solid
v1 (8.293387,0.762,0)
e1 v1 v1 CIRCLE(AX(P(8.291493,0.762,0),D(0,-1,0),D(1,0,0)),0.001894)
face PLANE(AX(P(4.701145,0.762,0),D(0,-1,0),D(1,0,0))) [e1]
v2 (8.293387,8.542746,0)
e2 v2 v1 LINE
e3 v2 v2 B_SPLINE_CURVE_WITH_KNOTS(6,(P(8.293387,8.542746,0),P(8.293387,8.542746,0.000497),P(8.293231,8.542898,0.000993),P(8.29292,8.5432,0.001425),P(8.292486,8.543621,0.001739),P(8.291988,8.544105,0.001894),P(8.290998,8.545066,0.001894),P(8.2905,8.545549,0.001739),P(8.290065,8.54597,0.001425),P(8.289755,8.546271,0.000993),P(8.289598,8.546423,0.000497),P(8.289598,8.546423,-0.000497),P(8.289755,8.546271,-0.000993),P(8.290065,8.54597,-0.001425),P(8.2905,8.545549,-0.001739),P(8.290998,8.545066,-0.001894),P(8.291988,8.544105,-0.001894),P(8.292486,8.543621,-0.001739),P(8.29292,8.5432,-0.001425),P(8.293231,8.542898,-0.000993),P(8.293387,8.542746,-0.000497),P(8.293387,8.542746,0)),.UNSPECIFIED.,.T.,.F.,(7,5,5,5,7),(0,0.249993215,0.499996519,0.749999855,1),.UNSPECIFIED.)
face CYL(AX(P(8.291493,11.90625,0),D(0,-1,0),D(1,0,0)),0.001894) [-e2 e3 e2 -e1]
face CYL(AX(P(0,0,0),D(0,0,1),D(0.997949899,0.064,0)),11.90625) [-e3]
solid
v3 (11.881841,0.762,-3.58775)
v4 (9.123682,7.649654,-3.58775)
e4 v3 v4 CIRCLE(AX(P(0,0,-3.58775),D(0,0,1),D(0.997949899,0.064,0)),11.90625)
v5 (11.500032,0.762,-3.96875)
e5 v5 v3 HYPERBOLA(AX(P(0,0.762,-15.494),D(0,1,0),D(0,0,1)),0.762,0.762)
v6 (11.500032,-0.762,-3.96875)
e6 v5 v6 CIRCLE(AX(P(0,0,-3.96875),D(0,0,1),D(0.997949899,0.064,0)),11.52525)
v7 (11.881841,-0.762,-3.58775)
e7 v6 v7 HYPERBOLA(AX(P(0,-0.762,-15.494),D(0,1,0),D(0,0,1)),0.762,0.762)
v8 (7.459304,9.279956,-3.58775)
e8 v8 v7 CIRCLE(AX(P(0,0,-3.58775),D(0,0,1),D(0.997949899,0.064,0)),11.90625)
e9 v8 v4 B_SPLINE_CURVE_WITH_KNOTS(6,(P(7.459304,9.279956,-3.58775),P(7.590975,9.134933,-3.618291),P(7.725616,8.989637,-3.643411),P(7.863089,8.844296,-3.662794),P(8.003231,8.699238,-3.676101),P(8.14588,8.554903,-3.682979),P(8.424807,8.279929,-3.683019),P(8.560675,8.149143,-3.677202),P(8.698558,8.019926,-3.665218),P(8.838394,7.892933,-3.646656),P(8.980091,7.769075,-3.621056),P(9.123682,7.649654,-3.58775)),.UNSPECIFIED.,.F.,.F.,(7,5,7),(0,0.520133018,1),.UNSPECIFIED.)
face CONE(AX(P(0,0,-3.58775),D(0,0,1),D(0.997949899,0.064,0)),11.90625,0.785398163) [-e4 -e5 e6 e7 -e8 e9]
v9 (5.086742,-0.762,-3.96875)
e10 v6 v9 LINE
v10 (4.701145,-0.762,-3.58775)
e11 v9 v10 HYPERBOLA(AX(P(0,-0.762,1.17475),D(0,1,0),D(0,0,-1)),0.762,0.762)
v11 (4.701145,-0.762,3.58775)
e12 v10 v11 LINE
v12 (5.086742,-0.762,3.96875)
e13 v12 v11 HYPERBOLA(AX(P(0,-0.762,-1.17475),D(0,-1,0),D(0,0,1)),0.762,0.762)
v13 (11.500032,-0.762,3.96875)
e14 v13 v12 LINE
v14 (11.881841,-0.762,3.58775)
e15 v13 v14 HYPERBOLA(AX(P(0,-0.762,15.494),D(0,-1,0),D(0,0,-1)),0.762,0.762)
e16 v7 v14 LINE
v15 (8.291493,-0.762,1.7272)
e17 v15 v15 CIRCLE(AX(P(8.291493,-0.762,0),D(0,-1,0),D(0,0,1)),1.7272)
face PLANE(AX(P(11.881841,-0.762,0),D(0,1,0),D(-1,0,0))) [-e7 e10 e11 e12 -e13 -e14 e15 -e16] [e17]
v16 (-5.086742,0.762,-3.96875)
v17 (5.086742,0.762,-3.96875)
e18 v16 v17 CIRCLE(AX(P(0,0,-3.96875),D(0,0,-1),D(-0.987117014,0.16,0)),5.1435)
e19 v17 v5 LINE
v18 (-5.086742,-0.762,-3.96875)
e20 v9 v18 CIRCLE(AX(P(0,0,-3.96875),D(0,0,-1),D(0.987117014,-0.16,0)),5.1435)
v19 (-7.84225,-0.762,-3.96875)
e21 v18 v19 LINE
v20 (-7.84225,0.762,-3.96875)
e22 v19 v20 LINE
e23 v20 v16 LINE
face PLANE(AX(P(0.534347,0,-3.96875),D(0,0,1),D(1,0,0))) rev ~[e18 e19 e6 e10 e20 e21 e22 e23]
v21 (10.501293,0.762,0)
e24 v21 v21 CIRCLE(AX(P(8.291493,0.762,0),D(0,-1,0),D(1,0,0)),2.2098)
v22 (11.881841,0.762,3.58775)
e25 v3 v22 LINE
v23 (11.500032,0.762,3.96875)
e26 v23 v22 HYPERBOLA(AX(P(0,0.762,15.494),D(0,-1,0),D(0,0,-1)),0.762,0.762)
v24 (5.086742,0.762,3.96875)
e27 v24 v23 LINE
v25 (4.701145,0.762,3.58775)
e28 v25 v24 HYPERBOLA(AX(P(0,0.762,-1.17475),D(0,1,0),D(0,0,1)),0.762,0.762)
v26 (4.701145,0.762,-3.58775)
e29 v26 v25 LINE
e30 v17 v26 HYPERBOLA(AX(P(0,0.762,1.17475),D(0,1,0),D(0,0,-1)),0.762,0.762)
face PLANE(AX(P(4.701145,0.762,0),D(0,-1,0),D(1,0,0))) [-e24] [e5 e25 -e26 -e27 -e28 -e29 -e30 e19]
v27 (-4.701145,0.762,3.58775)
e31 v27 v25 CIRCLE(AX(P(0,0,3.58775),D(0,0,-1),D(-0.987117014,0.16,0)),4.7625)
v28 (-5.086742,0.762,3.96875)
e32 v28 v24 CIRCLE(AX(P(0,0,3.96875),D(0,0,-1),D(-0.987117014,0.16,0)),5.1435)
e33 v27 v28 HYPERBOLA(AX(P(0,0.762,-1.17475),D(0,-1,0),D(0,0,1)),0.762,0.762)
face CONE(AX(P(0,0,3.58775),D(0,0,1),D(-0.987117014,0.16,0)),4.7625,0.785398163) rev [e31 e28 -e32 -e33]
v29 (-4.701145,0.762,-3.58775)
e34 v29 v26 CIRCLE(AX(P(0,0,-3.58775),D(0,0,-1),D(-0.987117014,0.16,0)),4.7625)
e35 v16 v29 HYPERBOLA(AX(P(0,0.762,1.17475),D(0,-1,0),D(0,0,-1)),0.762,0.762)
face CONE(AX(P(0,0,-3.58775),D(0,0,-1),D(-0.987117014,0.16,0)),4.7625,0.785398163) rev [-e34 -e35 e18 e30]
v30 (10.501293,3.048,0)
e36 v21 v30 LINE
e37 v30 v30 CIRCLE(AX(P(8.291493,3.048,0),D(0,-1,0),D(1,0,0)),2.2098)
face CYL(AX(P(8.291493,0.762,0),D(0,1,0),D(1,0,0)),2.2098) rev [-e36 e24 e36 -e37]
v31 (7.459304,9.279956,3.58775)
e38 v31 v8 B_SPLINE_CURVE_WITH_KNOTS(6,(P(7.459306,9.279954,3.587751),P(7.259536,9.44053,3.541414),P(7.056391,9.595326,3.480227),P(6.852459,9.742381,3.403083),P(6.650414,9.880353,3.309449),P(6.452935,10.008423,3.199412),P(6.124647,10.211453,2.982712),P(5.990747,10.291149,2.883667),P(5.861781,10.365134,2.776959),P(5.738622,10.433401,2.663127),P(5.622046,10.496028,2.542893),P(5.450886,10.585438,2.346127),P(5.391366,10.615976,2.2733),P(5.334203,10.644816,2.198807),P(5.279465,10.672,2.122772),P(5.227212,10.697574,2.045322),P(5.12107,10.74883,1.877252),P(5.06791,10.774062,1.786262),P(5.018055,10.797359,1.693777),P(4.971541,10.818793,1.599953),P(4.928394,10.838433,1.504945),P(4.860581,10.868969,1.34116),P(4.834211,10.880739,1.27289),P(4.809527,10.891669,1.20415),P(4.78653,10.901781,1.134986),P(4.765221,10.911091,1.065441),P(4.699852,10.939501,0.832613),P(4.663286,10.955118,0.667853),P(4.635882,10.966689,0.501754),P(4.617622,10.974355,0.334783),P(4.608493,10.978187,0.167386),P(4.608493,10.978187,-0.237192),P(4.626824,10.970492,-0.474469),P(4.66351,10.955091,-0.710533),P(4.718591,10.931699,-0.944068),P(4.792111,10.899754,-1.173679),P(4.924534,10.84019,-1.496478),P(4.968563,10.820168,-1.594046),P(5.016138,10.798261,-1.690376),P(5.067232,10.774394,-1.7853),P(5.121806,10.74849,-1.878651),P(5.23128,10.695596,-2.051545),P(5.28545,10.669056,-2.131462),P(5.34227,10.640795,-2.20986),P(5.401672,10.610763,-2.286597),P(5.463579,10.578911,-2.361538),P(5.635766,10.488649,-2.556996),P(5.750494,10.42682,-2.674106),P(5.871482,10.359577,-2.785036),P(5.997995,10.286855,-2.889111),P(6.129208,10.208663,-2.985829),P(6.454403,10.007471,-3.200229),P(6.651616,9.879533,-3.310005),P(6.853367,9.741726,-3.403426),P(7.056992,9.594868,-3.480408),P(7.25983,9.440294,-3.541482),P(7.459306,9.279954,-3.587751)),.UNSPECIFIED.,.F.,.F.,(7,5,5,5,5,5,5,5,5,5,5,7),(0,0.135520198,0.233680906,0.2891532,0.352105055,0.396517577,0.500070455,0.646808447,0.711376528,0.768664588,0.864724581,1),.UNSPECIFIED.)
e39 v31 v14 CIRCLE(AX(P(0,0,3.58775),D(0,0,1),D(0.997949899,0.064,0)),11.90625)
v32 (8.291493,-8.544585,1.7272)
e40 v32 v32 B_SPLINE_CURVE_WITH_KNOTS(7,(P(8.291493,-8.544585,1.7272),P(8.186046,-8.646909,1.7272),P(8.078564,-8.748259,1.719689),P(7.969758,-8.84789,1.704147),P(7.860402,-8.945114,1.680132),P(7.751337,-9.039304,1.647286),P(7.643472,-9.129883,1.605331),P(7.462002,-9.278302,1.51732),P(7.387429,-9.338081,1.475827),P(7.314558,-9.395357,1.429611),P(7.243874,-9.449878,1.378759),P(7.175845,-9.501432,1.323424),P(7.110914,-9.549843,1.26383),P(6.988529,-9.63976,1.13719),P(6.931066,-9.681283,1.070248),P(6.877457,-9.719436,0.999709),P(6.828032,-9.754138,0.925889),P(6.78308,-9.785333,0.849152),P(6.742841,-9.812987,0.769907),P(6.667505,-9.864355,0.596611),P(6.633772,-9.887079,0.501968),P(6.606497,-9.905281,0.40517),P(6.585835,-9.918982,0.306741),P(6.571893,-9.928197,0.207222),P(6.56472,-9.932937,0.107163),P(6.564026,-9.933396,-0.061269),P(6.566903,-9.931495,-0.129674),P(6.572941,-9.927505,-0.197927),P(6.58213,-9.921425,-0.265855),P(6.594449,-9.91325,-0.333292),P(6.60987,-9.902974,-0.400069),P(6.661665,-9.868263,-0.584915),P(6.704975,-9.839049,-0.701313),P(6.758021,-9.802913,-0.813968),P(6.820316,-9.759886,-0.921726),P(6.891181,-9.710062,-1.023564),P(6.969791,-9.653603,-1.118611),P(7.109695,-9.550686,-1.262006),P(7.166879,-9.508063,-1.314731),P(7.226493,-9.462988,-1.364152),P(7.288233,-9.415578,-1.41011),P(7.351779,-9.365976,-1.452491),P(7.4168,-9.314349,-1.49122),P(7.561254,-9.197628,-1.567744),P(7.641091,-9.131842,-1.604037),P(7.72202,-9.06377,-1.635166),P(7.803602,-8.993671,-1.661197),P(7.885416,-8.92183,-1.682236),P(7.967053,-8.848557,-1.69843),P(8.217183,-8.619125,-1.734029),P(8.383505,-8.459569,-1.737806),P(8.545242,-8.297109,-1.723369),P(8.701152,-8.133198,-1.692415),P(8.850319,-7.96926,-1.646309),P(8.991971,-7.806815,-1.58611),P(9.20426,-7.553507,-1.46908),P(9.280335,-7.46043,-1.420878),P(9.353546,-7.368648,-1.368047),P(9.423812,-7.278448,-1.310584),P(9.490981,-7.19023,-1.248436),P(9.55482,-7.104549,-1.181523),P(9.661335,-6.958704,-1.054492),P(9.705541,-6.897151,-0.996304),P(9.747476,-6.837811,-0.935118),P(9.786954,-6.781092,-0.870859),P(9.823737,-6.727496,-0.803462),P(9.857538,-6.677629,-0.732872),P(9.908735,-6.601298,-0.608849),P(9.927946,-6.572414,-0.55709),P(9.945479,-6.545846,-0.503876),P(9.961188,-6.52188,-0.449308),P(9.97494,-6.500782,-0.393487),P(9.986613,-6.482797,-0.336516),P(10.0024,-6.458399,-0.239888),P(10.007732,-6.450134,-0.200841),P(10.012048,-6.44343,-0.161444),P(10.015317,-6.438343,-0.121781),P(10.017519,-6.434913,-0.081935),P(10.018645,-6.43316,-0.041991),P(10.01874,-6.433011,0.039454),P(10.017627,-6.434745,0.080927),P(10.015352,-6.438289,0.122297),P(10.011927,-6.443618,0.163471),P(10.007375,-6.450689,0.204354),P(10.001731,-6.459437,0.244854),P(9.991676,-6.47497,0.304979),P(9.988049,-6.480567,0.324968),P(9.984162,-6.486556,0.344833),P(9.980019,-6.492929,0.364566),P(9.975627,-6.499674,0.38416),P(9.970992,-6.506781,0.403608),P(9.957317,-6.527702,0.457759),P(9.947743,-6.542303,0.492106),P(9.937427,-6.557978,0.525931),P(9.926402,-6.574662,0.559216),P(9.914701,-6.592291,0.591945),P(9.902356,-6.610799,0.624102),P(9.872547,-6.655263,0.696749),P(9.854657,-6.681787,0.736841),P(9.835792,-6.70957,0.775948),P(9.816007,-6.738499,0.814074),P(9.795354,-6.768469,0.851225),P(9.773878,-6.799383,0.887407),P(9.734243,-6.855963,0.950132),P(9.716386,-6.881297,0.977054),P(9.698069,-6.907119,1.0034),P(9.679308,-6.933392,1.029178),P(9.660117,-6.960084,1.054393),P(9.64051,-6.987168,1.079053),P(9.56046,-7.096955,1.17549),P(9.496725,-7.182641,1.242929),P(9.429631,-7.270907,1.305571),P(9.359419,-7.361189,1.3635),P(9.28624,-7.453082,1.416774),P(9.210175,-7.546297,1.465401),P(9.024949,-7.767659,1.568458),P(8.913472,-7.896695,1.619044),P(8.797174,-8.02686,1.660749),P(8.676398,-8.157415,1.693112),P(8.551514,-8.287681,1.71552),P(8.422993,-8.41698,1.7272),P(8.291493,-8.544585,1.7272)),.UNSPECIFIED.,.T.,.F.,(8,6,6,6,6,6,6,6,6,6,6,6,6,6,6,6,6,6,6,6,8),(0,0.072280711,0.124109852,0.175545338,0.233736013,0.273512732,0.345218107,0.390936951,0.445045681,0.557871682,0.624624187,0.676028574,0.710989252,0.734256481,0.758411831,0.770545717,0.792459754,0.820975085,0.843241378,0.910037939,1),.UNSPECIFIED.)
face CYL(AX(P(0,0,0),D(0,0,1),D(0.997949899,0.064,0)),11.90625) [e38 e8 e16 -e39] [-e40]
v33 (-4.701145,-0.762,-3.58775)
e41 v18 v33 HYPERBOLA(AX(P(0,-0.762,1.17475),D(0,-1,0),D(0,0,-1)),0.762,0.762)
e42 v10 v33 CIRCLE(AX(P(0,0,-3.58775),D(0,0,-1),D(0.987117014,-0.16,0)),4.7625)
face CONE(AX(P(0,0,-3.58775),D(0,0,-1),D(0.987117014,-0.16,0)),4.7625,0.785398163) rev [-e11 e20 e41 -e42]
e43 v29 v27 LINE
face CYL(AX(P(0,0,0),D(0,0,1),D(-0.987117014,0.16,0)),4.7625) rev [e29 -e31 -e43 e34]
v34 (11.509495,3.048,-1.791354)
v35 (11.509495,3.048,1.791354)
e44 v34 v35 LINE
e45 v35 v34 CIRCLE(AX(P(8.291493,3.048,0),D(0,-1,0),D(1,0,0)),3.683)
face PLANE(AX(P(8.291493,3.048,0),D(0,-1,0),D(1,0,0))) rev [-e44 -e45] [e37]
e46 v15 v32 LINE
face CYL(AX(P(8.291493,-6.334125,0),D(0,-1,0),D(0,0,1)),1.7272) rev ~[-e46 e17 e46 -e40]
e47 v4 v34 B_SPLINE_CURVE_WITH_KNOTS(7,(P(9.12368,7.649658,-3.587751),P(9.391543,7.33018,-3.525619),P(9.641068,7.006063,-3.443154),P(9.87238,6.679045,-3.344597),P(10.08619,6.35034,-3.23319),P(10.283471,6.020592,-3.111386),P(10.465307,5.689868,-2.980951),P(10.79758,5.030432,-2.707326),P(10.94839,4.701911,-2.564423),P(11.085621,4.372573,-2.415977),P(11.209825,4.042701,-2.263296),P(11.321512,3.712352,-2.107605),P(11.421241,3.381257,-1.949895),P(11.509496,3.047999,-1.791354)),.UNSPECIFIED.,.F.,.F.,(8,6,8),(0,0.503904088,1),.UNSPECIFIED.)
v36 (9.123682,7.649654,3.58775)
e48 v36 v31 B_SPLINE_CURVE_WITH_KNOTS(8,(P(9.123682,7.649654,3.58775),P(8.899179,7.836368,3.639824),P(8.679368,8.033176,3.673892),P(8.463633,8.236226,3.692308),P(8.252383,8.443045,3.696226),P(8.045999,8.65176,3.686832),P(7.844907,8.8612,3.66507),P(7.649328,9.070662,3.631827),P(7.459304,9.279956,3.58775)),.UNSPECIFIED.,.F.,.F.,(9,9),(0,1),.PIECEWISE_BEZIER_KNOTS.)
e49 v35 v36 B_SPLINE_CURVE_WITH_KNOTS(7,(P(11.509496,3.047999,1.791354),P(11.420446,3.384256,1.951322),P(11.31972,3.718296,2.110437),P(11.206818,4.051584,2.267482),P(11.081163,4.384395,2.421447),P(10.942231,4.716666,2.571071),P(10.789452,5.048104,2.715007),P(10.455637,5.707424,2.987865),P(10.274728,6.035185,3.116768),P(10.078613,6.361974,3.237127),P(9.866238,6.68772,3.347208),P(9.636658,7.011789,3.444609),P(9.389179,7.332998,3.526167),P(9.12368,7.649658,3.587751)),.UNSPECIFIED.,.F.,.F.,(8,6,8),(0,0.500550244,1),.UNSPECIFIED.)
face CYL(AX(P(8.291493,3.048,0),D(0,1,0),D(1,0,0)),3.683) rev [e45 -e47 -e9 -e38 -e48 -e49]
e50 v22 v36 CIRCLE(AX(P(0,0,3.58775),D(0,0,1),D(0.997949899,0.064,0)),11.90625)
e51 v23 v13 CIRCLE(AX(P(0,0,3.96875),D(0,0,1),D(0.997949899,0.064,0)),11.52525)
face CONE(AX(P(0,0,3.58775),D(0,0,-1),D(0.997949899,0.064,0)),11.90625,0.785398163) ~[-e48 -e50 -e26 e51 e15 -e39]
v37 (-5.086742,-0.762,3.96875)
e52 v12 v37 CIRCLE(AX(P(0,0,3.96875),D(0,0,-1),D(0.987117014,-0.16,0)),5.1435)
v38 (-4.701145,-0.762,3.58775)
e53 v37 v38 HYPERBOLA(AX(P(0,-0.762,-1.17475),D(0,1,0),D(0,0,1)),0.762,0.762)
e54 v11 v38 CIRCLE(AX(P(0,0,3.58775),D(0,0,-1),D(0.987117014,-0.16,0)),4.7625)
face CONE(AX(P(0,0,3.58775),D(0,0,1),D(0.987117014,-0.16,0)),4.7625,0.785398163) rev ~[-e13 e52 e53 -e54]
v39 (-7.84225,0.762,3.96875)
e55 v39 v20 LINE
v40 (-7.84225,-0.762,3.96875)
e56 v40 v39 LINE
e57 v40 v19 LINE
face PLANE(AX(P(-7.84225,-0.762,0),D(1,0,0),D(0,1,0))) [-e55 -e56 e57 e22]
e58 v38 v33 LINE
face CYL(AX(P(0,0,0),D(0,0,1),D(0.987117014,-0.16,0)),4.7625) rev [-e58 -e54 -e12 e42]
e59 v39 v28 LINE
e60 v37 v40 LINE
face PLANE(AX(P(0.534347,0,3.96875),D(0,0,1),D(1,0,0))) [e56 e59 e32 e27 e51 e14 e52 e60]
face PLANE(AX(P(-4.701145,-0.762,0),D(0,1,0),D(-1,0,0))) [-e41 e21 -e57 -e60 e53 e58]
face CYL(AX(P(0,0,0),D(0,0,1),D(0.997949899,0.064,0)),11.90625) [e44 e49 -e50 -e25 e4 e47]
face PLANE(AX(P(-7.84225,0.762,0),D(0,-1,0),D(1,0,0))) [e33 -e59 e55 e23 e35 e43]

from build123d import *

# Parameters (mm, degrees)
BOSS_EXTRUDE1_DEPTH = 3.96875
SKETCH4_W           = 1.7272
SKETCH4_H           = 11.14425
CHAMFER1_SIZE       = 0.381


with BuildPart() as part:
    # Sketch1 → Boss-Extrude1 (new, symmetric)
    with BuildSketch(Plane.XY):
        with BuildLine():
            Line((-7.84225, 0.762), (-4.701144781, 0.762))
            ThreePointArc((-4.701144781, 0.762), (0, 4.7625), (4.701144781, 0.762))
            Line((4.701144781, 0.762), (11.88184098, 0.762))
            ThreePointArc((11.88184098, 0.762), (-11.90625, 0), (11.88184098, -0.762))
            Line((11.88184098, -0.762), (4.701144781, -0.762))
            ThreePointArc((4.701144781, -0.762), (0, -4.7625), (-4.701144781, -0.762))
            Line((-4.701144781, -0.762), (-7.84225, -0.762))
            Line((-7.84225, -0.762), (-7.84225, 0.762))
        make_face()
    extrude(amount=BOSS_EXTRUDE1_DEPTH, both=True)

    # Sketch4 → #8-32 Tapped Hole1 (revolve, cut)
    with BuildSketch(Plane(origin=(8.29149288, -0.762, 0), x_dir=(0, 0, 1), z_dir=(1, 0, 0))):
        with Locations((0.8636, 5.572125)):
            Rectangle(SKETCH4_W, SKETCH4_H)
    revolve(axis=Axis((8.29149288, 5.588, 0), (0, -1, 0)), mode=Mode.SUBTRACT)

    # Chamfer1
    chamfer1_edges = [part.edges().sort_by_distance(p)[0] for p in [
        (-11.90625, 0, -3.96875),
        (0, -4.7625, -3.96875),
        (0, 4.7625, -3.96875),
        (-11.90625, 0, 3.96875),
        (0, -4.7625, 3.96875),
        (0, 4.7625, 3.96875),
    ]]
    chamfer(chamfer1_edges, length=CHAMFER1_SIZE)

    # Sketch10 → Cut-Revolve1 (revolve, cut)
    with BuildSketch(Plane.XY):
        Polygon((8.293387365, 0.762), (10.50129288, 0.762), (10.50129288, 3.048), (11.97449288, 3.048), (11.97449288, 11.90625), (8.293387365, 11.90625), align=None)
    revolve(axis=Axis((8.29149288, -0.762, 0), (0, -1, 0)), mode=Mode.SUBTRACT)


with BuildPart() as cut_revolve1_piece_1:
    # of the separate pieces the step leaves, piece 1, a body of its own (cut_revolve1_pieces)
    add(part.part.solids().sort_by_distance((-5.086742401, -0.762, -3.96875))[0])


with BuildPart() as cut_revolve1_piece_2:
    # of the separate pieces the step leaves, piece 2, a body of its own (cut_revolve1_pieces)
    add(part.part.solids().sort_by_distance((8.293387365, 0.762, 0))[0])


solid = Compound([cut_revolve1_piece_1.part, cut_revolve1_piece_2.part])
